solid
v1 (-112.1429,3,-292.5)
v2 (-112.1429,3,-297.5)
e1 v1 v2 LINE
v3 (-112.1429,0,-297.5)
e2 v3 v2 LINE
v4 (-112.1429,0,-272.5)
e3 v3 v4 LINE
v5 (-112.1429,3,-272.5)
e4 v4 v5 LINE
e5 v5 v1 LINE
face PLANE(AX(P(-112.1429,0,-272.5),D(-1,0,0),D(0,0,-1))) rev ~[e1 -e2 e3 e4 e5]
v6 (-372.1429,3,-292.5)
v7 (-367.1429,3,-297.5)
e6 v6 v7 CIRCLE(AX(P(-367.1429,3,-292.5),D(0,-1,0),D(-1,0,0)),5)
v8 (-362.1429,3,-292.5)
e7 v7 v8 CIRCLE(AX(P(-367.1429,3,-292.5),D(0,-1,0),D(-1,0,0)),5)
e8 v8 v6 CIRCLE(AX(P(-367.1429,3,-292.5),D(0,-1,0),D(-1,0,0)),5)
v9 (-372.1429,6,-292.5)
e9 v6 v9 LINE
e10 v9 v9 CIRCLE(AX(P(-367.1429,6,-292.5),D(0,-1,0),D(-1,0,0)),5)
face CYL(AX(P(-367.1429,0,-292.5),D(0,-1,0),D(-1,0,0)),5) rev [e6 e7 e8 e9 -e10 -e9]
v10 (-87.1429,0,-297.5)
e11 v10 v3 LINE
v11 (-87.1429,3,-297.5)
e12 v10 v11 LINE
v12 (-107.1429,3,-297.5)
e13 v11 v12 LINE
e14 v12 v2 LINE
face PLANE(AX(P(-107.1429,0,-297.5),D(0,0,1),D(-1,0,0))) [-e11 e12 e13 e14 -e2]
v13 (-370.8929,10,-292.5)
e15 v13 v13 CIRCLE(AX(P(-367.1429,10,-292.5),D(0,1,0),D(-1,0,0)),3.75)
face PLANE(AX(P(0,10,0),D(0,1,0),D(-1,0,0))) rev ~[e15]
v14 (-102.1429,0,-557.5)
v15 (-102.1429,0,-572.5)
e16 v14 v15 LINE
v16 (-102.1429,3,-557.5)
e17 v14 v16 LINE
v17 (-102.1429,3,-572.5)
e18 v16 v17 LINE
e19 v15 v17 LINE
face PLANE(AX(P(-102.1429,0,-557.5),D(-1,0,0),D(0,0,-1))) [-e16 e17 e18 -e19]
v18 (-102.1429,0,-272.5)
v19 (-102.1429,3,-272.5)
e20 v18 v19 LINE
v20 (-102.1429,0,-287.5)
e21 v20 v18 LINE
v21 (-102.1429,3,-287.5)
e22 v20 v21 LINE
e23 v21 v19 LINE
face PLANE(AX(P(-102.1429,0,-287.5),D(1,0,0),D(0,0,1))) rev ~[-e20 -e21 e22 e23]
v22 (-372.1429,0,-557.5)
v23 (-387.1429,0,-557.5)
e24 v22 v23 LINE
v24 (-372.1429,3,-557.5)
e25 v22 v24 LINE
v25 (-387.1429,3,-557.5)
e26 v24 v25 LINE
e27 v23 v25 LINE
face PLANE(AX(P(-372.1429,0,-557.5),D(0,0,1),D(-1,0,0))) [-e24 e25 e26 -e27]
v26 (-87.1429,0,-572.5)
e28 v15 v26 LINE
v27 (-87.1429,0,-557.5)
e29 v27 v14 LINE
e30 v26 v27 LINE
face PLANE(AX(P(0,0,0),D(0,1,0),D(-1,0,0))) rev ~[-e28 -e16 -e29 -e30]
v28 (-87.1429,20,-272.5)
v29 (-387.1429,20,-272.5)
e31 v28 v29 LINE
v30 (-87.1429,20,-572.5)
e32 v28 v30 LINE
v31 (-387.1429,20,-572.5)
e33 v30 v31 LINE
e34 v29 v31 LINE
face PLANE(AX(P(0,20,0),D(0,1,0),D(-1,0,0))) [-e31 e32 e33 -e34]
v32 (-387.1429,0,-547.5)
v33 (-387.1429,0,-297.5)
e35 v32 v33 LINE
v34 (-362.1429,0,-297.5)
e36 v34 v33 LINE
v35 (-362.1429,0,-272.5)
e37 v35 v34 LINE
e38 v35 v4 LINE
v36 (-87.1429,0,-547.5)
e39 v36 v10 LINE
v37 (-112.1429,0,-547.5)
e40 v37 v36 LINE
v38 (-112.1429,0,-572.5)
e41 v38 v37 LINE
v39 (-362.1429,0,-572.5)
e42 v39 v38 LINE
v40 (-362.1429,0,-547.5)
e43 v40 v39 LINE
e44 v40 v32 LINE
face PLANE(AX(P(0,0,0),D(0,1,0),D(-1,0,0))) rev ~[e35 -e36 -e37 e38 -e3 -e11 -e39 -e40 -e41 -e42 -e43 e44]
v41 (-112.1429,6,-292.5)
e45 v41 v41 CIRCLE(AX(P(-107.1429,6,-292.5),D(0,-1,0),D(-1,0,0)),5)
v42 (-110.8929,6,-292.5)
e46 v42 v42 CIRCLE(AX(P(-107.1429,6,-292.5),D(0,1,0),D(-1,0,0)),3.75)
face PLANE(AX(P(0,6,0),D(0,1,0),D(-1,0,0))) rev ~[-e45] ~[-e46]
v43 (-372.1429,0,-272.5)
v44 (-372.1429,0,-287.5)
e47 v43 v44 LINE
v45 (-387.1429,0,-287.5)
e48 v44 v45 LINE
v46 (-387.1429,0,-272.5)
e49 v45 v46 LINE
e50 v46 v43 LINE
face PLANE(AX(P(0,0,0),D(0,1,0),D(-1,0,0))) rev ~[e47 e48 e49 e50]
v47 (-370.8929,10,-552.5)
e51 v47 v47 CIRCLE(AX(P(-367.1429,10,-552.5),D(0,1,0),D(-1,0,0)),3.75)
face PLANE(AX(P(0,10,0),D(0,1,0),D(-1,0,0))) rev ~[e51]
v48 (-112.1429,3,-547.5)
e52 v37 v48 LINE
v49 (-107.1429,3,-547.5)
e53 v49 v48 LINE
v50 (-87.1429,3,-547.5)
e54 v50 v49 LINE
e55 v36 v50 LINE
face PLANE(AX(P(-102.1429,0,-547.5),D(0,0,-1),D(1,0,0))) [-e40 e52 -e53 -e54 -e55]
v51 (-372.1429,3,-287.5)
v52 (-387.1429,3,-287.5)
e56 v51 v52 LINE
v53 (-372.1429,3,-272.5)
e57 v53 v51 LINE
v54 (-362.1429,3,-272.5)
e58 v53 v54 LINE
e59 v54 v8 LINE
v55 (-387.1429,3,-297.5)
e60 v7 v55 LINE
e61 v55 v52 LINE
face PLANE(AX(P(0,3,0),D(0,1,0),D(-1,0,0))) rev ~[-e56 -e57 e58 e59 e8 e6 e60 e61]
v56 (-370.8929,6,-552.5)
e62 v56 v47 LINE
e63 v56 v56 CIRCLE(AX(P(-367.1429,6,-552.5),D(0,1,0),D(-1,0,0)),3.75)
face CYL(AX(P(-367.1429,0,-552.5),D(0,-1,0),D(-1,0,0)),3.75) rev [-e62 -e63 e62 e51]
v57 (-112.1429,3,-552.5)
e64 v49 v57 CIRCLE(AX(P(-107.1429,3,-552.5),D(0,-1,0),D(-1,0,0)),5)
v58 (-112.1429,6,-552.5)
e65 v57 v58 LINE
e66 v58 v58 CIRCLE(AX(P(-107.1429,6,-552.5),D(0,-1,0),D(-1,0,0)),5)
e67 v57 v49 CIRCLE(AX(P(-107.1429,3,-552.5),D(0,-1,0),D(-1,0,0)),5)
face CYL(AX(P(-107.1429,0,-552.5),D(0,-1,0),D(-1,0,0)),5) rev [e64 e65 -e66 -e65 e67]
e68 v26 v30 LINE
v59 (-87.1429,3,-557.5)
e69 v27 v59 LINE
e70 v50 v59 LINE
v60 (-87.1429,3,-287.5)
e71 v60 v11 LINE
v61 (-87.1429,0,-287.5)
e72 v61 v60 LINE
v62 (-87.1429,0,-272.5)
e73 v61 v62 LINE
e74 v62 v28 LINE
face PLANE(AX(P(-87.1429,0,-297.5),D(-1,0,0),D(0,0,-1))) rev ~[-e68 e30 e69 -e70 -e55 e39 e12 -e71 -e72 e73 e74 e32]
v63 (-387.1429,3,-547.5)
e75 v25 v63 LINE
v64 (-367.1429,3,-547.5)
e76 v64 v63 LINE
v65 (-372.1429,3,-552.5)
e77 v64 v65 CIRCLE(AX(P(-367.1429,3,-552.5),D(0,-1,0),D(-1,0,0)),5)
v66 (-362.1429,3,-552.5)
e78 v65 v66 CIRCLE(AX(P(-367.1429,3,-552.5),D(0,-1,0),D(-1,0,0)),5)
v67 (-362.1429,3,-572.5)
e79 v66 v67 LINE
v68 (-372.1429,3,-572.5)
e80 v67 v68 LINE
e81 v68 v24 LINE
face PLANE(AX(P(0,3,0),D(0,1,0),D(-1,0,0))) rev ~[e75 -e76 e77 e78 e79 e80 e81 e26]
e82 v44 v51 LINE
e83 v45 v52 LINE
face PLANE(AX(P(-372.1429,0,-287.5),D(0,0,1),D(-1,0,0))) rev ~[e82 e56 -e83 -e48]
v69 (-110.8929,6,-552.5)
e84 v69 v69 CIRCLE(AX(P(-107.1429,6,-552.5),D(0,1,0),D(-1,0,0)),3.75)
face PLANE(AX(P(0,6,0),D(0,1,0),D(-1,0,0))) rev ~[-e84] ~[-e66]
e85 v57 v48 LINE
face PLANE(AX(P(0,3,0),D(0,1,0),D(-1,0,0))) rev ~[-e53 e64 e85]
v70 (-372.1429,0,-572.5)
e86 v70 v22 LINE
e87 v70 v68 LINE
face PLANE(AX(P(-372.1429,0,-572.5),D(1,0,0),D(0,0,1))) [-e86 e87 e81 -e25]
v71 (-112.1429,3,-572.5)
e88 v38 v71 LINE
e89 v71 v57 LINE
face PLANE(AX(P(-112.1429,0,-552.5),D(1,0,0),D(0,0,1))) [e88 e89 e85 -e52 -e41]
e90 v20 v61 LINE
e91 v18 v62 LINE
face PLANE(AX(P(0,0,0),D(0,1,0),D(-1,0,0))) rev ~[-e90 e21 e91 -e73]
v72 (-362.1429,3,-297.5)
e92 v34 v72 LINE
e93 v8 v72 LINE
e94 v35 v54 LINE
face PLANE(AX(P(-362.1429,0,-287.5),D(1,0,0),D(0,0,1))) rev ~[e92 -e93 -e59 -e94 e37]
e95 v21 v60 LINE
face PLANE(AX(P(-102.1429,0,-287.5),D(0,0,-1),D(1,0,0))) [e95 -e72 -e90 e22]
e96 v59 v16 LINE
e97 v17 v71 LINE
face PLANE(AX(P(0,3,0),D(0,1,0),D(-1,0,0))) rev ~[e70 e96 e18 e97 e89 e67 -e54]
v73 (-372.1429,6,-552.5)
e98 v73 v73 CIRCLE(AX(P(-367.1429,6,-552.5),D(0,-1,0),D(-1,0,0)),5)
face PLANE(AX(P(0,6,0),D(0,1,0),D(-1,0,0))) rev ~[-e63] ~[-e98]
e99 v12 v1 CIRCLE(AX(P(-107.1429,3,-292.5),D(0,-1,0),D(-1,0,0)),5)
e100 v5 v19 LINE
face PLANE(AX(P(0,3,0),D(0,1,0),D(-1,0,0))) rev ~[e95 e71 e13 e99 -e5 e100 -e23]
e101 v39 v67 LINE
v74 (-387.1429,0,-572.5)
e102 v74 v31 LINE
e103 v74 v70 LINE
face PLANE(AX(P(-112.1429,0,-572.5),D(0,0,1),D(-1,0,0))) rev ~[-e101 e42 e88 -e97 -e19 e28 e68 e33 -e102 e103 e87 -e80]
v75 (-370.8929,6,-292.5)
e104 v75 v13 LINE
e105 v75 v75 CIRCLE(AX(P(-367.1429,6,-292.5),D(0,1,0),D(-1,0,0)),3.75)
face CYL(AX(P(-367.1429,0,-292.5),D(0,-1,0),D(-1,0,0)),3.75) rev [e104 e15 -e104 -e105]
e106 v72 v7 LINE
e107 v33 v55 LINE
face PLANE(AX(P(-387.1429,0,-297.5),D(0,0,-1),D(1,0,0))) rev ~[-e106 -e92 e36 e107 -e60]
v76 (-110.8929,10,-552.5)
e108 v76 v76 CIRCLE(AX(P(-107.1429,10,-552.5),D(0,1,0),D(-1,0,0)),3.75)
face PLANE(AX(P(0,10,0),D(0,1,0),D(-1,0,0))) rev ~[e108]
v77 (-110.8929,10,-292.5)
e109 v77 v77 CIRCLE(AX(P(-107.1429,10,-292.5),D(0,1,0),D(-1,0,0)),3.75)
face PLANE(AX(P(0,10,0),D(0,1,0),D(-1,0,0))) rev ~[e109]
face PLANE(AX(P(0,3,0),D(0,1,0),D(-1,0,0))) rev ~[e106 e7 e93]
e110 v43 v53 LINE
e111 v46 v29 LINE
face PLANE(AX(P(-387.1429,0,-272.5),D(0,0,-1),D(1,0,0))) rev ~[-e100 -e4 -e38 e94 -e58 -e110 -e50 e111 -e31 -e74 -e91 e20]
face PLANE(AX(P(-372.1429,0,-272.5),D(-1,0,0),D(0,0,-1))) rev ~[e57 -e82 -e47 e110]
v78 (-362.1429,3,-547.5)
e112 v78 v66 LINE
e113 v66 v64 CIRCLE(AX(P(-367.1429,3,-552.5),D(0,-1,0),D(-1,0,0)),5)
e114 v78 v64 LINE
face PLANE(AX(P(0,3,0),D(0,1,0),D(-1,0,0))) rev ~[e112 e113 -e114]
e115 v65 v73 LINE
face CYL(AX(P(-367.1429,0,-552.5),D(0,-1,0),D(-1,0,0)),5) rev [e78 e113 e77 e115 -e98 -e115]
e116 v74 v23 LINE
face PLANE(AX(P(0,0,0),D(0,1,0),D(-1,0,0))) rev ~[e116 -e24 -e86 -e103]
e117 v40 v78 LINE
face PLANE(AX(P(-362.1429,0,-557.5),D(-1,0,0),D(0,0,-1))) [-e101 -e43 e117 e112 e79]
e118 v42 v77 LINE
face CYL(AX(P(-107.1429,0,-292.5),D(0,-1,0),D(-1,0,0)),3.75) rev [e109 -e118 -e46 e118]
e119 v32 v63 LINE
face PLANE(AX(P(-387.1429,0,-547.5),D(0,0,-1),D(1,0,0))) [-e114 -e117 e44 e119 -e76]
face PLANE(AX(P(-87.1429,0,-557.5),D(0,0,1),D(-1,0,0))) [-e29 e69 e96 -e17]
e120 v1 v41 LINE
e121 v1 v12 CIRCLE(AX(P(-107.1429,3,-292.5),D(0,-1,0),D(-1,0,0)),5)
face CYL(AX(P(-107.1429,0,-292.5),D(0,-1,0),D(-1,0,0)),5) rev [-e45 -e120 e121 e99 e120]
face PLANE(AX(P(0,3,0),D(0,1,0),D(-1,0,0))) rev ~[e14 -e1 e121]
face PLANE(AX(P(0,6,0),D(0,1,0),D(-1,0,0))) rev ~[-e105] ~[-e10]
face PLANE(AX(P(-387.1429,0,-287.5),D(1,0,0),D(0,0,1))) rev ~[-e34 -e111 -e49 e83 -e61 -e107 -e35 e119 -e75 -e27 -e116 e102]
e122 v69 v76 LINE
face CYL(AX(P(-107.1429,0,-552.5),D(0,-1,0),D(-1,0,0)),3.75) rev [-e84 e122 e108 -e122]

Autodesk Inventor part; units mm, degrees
ref_plane "YZ Plane" through (0, 0, 0) normal (1, 0, 0) x (0, 1, 0)
ref_plane "XZ Plane" through (0, 0, 0) normal (0, 1, 0) x (-1, 0, 0)
ref_plane "XY Plane" through (0, 0, 0) normal (0, 0, 1) x (1, 0, 0)
sketch "Skizze1" plane through (0, 0, 0) normal (0, 1, 0) x (-1, 0, 0)
  line L0 (387.1429, -272.5) -> (87.1429, -272.5)
  line L1 (87.1429, -272.5) -> (87.1429, -572.5)
  line L2 (87.1429, -572.5) -> (387.1429, -572.5)
  line L3 (387.1429, -572.5) -> (387.1429, -272.5)
  circle A0 centre (107.1429, -292.5) radius 3.75
  circle A1 centre (367.1429, -292.5) radius 3.75
  circle A2 centre (367.1429, -552.5) radius 3.75
  circle A3 centre (107.1429, -552.5) radius 3.75
  line L4 (387.1429, -297.5) -> (362.1429, -297.5)
  line L5 (362.1429, -297.5) -> (362.1429, -287.5)
  line L6 (362.1429, -287.5) -> (387.1429, -287.5)
  line L7 (387.1429, -287.5) -> (387.1429, -297.5)
  line L8 (362.1429, -272.5) -> (372.1429, -272.5)
  line L9 (372.1429, -272.5) -> (372.1429, -297.5)
  line L10 (372.1429, -297.5) -> (362.1429, -297.5)
  line L11 (362.1429, -297.5) -> (362.1429, -272.5)
  line L12 (362.1429, -572.5) -> (372.1429, -572.5)
  line L13 (372.1429, -572.5) -> (372.1429, -547.5)
  line L14 (372.1429, -547.5) -> (362.1429, -547.5)
  line L15 (362.1429, -547.5) -> (362.1429, -572.5)
  line L16 (387.1429, -547.5) -> (362.1429, -547.5)
  line L17 (362.1429, -547.5) -> (362.1429, -557.5)
  line L18 (362.1429, -557.5) -> (387.1429, -557.5)
  line L19 (387.1429, -557.5) -> (387.1429, -547.5)
  line L20 (112.1429, -547.5) -> (87.1429, -547.5)
  line L21 (87.1429, -547.5) -> (87.1429, -557.5)
  line L22 (87.1429, -557.5) -> (112.1429, -557.5)
  line L23 (112.1429, -557.5) -> (112.1429, -547.5)
  line L24 (112.1429, -547.5) -> (102.1429, -547.5)
  line L25 (102.1429, -547.5) -> (102.1429, -572.5)
  line L26 (102.1429, -572.5) -> (112.1429, -572.5)
  line L27 (112.1429, -572.5) -> (112.1429, -547.5)
  line L28 (112.1429, -287.5) -> (87.1429, -287.5)
  line L29 (87.1429, -287.5) -> (87.1429, -297.5)
  line L30 (87.1429, -297.5) -> (112.1429, -297.5)
  line L31 (112.1429, -297.5) -> (112.1429, -287.5)
  line L32 (112.1429, -297.5) -> (102.1429, -297.5)
  line L33 (102.1429, -297.5) -> (102.1429, -272.5)
  line L34 (102.1429, -272.5) -> (112.1429, -272.5)
  line L35 (112.1429, -272.5) -> (112.1429, -297.5)
  circle A4 centre (367.1429, -552.5) radius 5
  circle A5 centre (107.1429, -552.5) radius 5
  circle A6 centre (107.1429, -292.5) radius 5
  circle A7 centre (367.1429, -292.5) radius 5
  point P0 (0, 0)
  dimension "d0" = 300
  dimension "d1" = 300
  dimension "d2" = 7.5
  dimension "d3" = 7.5
  dimension "d4" = 7.5
  dimension "d5" = 7.5
  dimension "d6" = 20
  dimension "d7" = 20
  dimension "d8" = 20
  dimension "d9" = 20
  dimension "d10" = 20
  dimension "d12" = 20
  dimension "d13" = 20
  dimension "d23" = 10
  dimension "d24" = 10
  dimension "d25" = 25
  dimension "d26" = 25
  dimension "d27" = 25
  dimension "d28" = 25
  dimension "d29" = 25
  dimension "d30" = 25
  dimension "d31" = 10
  dimension "d32" = 10
  dimension "d33" = 10
  dimension "d34" = 10
  dimension "d35" = 10
  dimension "d36" = 10
  dimension "d37" = 10
  dimension "d38" = 10
extrude "Extrusion1" add sketch "Skizze1" along normal blind 20 contours L3 L6 L9 L0 | L9 L6 L11 L0 | L3 L4 L9 L6 | L11 L5 L4 L3 L16 L14 L15 L2 L27 L23 L20 L1 L30 L31 L35 L0 | L9 A7 L6 | L35 L28 L33 L0 | L6 A7 L5 | A7 | L9 L4 A7 | L3 L18 L13 L16 | L33 L28 L1 L0 | L31 A6 L28 | A7 L4 L5 | L3 L2 L13 L18 | L13 A4 L14 | L33 L30 L1 L28 | L28 A6 L33 | A6 | L31 L30 A6 | L18 A4 L13 | L13 L2 L15 L18 | A4 | A4 L15 L14 | A6 L30 L33 | L18 L15 A4 | L20 L25 L22 L1 | L2 L25 L22 L27 | L22 L25 L2 L1 | L20 A5 L25 | L22 A5 L23 | L25 A5 L22 | L20 L23 A5 | A5 | A0 | A1 | A2 | A3
extrude "Extrusion2" cut sketch "Skizze1" along normal blind 3 contours L9 L6 L11 L0 | L3 L4 L9 L6 | L9 A7 L6 | L35 L28 L33 L0 | L6 A7 L5 | A7 | L9 L4 A7 | L3 L18 L13 L16 | L31 A6 L28 | A7 L4 L5 | L13 A4 L14 | L33 L30 L1 L28 | L28 A6 L33 | A6 | L31 L30 A6 | L18 A4 L13 | L13 L2 L15 L18 | A4 | A4 L15 L14 | A6 L30 L33 | L18 L15 A4 | L20 L25 L22 L1 | L2 L25 L22 L27 | L20 A5 L25 | L22 A5 L23 | L25 A5 L22 | L20 L23 A5 | A5 | A0 | A1 | A2 | A3
extrude "Extrusion3" cut sketch "Skizze1" along normal blind 10 contours A0 | A1 | A2 | A3
extrude "Extrusion4" cut sketch "Skizze1" along normal blind 6 contours A7 | A6 | A4 | A5
properties material "Holz (Kirsche)"
